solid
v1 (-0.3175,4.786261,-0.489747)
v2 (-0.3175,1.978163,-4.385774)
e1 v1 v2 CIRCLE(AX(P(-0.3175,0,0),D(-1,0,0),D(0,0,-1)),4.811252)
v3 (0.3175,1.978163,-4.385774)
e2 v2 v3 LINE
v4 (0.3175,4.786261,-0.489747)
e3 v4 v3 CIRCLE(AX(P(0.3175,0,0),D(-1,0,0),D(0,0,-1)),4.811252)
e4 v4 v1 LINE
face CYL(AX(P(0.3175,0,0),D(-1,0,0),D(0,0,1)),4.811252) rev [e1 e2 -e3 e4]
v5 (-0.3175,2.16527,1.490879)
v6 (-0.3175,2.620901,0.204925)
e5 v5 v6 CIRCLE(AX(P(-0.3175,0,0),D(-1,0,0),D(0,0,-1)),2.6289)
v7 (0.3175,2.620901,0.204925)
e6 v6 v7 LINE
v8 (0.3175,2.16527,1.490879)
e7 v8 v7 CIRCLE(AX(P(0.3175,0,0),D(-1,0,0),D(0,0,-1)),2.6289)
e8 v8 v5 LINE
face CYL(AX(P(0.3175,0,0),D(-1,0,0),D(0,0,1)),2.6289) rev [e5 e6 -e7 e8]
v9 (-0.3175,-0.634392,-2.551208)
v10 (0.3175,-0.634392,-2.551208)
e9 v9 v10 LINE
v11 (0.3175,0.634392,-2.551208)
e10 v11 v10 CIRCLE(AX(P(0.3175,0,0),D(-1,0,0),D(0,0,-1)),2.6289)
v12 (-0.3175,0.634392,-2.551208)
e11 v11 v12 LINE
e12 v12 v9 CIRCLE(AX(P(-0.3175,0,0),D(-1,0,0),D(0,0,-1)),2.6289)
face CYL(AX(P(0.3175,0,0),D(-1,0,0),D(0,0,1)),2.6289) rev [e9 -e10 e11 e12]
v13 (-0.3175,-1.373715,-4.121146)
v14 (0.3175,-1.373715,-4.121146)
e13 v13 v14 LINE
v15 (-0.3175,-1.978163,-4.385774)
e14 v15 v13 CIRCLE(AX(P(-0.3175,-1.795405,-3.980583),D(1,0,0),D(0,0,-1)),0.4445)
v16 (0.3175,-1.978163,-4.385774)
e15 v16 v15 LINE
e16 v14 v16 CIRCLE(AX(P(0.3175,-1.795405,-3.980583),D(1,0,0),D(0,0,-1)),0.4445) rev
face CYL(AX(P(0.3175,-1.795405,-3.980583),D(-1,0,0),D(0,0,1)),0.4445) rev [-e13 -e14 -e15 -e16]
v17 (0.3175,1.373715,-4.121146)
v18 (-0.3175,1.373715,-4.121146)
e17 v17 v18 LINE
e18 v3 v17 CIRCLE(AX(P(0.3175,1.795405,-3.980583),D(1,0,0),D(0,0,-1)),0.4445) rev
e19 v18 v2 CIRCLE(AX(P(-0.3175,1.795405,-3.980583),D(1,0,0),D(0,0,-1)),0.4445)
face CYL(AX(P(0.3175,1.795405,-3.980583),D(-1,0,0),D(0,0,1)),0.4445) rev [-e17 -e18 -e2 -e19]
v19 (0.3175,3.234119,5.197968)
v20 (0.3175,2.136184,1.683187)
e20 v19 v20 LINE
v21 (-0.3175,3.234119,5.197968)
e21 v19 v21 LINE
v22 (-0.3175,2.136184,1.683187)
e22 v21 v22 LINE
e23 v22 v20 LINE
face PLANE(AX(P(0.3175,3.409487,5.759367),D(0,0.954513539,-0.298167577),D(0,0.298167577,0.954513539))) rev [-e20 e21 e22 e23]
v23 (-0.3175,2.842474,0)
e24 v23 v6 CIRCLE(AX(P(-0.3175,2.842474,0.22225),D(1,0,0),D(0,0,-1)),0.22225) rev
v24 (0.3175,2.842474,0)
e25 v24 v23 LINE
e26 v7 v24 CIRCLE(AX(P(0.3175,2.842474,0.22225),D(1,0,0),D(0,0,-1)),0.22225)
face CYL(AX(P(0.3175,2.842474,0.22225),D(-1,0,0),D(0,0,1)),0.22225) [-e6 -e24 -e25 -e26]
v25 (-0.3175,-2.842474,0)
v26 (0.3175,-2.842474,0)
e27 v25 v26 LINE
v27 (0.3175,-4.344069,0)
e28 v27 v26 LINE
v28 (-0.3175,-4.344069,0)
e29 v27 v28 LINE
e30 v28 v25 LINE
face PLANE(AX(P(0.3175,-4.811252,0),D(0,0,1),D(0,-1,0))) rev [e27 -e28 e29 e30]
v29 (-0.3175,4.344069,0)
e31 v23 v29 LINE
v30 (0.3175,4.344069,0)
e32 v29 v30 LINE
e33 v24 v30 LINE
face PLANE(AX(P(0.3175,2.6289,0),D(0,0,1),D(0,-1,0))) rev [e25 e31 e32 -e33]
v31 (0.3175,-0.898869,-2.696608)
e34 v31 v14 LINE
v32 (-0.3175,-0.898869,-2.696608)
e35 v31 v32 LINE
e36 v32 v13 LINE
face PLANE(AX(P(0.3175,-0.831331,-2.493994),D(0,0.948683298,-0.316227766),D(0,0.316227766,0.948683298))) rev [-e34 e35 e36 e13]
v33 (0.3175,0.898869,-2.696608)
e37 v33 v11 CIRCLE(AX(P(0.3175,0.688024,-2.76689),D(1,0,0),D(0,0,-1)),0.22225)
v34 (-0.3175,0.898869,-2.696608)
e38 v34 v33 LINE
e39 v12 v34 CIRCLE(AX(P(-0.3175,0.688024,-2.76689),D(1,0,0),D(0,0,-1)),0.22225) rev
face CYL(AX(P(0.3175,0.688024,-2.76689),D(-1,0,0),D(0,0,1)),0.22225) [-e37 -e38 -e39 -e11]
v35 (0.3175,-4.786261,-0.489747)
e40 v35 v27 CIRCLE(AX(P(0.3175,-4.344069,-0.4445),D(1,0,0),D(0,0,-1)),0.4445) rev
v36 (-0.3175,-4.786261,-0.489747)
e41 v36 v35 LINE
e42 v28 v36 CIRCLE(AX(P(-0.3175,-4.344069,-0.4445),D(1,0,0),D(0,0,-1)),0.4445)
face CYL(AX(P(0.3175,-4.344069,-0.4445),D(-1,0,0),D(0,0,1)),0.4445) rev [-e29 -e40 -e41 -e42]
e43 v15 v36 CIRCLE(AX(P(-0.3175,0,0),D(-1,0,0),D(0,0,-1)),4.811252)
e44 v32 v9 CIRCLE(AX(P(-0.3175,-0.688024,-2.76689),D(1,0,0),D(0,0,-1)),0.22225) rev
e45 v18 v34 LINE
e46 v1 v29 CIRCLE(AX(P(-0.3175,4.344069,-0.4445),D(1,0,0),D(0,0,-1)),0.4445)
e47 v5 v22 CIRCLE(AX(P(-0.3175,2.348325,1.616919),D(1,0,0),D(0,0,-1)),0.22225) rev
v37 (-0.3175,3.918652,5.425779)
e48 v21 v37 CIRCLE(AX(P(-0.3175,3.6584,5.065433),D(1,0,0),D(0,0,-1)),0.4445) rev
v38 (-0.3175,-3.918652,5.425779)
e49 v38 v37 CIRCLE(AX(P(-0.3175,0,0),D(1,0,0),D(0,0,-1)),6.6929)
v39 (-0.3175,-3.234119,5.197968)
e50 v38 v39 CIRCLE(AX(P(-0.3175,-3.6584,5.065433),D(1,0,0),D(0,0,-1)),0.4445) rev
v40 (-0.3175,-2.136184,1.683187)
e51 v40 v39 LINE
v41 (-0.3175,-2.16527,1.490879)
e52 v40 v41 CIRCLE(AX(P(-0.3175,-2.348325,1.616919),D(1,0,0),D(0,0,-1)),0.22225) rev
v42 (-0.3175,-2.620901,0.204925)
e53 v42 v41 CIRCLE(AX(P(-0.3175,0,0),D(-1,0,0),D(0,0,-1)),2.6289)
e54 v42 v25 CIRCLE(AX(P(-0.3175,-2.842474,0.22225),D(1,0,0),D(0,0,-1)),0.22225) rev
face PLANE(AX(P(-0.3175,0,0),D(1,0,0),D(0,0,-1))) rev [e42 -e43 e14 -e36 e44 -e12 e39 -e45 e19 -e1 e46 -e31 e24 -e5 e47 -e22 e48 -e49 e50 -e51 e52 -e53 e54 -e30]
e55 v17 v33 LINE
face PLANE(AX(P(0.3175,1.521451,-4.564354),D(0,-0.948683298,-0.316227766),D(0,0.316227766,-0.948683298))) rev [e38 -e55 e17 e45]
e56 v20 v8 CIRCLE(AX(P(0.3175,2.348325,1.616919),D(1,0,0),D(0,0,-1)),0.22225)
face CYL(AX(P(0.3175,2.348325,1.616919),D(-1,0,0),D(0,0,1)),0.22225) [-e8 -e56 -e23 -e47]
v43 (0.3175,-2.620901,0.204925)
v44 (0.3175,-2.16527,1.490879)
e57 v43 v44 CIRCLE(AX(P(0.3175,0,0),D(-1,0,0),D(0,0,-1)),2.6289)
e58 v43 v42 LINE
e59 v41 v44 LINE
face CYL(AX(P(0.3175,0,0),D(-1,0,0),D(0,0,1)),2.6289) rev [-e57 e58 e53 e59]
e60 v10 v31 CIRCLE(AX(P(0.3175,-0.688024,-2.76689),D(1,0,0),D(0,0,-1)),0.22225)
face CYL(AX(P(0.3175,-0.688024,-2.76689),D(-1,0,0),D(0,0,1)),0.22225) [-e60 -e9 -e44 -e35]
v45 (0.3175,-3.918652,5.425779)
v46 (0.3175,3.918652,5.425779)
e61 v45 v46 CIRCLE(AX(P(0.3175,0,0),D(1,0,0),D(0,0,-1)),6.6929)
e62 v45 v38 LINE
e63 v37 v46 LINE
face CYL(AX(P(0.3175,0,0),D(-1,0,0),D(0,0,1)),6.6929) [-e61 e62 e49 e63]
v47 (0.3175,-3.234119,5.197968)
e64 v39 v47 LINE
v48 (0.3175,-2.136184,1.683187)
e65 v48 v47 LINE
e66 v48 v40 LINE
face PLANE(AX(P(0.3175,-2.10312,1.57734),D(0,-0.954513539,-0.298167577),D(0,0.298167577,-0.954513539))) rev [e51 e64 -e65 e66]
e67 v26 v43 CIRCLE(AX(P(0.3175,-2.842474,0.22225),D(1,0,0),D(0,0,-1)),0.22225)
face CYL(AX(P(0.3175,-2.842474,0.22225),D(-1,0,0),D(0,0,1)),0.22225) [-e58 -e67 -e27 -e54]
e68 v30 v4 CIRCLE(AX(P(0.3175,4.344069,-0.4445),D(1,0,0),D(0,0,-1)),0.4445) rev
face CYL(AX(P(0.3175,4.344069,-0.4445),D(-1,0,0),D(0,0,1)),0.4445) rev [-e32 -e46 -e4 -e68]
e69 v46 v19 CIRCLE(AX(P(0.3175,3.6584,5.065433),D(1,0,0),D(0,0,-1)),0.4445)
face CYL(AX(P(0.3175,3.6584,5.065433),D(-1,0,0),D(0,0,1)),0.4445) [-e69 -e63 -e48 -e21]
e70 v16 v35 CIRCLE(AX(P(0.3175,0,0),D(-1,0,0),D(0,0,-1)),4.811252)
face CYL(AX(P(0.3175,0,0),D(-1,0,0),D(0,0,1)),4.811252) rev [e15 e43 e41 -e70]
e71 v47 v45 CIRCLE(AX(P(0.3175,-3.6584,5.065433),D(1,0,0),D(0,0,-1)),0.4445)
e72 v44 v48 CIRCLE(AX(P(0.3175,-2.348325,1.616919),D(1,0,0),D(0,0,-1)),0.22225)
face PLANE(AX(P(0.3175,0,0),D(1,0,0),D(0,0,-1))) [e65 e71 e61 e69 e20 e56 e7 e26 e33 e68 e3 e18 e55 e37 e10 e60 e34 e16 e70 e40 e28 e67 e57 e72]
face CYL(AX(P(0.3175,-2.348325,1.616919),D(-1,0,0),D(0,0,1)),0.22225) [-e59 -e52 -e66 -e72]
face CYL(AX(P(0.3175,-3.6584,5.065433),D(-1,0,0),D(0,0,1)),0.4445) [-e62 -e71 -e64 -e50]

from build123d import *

# Parameters (mm, degrees)
BOSS_EXTRUDE1_DEPTH      = 0.3175
BOSS_EXTRUDE1_DEPTH_BACK = 0.3175
FILLET1_R                = 0.4445
FILLET2_R                = 0.22225


with BuildPart() as part:
    # Sketch3 → Boss-Extrude1 (new body, two sides)
    with BuildSketch(Plane(origin=(0, 0, 0), x_dir=(0, 0, -1), z_dir=(1, 0, 0))) as boss_extrude1_sk:
        with BuildLine():
            Line((2.493993522, -0.831331174), (4.564354048, -1.521451349))
            ThreePointArc((4.564354048, -1.521451349), (2.8131883, -3.903090272), (0, -4.811251613))
            Line((0, -4.811251613), (0, -2.6289))
            ThreePointArc((0, -2.6289), (-0.831331174, -2.493993522), (-1.57734, -2.10312))
            Line((-1.57734, -2.10312), (-5.759367109, -3.409486899))
            ThreePointArc((-5.759367109, -3.409486899), (6.6929, 0), (-5.759367109, 3.409486899))
            Line((-5.759367109, 3.409486899), (-1.57734, 2.10312))
            ThreePointArc((-1.57734, 2.10312), (-0.831331174, 2.493993522), (0, 2.6289))
            Line((0, 2.6289), (0, 4.811251613))
            ThreePointArc((0, 4.811251613), (2.8131883, 3.903090272), (4.564354048, 1.521451349))
            Line((4.564354048, 1.521451349), (2.493993522, 0.831331174))
            ThreePointArc((2.493993522, 0.831331174), (2.6289, 0), (2.493993522, -0.831331174))
        make_face()
    extrude(amount=BOSS_EXTRUDE1_DEPTH)
    extrude(boss_extrude1_sk.sketch, amount=-BOSS_EXTRUDE1_DEPTH_BACK)

    # Fillet1
    fillet1_edges = [part.edges().sort_by_distance(p)[0] for p in [
        (0, 1.521451349, -4.564354048),
        (0, 4.811251613, 0),
        (0, 3.409486899, 5.759367109),
        (0, -3.409486899, 5.759367109),
        (0, -4.811251613, 0),
        (0, -1.521451349, -4.564354048),
    ]]
    fillet(fillet1_edges, radius=FILLET1_R)

    # Fillet2
    fillet2_edges = [part.edges().sort_by_distance(p)[0] for p in [
        (0, 0.831331174, -2.493993522),
        (0, 2.6289, 0),
        (0, 2.10312, 1.57734),
        (0, -2.10312, 1.57734),
        (0, -2.6289, 0),
        (0, -0.831331174, -2.493993522),
    ]]
    fillet(fillet2_edges, radius=FILLET2_R)


solid = part.part
